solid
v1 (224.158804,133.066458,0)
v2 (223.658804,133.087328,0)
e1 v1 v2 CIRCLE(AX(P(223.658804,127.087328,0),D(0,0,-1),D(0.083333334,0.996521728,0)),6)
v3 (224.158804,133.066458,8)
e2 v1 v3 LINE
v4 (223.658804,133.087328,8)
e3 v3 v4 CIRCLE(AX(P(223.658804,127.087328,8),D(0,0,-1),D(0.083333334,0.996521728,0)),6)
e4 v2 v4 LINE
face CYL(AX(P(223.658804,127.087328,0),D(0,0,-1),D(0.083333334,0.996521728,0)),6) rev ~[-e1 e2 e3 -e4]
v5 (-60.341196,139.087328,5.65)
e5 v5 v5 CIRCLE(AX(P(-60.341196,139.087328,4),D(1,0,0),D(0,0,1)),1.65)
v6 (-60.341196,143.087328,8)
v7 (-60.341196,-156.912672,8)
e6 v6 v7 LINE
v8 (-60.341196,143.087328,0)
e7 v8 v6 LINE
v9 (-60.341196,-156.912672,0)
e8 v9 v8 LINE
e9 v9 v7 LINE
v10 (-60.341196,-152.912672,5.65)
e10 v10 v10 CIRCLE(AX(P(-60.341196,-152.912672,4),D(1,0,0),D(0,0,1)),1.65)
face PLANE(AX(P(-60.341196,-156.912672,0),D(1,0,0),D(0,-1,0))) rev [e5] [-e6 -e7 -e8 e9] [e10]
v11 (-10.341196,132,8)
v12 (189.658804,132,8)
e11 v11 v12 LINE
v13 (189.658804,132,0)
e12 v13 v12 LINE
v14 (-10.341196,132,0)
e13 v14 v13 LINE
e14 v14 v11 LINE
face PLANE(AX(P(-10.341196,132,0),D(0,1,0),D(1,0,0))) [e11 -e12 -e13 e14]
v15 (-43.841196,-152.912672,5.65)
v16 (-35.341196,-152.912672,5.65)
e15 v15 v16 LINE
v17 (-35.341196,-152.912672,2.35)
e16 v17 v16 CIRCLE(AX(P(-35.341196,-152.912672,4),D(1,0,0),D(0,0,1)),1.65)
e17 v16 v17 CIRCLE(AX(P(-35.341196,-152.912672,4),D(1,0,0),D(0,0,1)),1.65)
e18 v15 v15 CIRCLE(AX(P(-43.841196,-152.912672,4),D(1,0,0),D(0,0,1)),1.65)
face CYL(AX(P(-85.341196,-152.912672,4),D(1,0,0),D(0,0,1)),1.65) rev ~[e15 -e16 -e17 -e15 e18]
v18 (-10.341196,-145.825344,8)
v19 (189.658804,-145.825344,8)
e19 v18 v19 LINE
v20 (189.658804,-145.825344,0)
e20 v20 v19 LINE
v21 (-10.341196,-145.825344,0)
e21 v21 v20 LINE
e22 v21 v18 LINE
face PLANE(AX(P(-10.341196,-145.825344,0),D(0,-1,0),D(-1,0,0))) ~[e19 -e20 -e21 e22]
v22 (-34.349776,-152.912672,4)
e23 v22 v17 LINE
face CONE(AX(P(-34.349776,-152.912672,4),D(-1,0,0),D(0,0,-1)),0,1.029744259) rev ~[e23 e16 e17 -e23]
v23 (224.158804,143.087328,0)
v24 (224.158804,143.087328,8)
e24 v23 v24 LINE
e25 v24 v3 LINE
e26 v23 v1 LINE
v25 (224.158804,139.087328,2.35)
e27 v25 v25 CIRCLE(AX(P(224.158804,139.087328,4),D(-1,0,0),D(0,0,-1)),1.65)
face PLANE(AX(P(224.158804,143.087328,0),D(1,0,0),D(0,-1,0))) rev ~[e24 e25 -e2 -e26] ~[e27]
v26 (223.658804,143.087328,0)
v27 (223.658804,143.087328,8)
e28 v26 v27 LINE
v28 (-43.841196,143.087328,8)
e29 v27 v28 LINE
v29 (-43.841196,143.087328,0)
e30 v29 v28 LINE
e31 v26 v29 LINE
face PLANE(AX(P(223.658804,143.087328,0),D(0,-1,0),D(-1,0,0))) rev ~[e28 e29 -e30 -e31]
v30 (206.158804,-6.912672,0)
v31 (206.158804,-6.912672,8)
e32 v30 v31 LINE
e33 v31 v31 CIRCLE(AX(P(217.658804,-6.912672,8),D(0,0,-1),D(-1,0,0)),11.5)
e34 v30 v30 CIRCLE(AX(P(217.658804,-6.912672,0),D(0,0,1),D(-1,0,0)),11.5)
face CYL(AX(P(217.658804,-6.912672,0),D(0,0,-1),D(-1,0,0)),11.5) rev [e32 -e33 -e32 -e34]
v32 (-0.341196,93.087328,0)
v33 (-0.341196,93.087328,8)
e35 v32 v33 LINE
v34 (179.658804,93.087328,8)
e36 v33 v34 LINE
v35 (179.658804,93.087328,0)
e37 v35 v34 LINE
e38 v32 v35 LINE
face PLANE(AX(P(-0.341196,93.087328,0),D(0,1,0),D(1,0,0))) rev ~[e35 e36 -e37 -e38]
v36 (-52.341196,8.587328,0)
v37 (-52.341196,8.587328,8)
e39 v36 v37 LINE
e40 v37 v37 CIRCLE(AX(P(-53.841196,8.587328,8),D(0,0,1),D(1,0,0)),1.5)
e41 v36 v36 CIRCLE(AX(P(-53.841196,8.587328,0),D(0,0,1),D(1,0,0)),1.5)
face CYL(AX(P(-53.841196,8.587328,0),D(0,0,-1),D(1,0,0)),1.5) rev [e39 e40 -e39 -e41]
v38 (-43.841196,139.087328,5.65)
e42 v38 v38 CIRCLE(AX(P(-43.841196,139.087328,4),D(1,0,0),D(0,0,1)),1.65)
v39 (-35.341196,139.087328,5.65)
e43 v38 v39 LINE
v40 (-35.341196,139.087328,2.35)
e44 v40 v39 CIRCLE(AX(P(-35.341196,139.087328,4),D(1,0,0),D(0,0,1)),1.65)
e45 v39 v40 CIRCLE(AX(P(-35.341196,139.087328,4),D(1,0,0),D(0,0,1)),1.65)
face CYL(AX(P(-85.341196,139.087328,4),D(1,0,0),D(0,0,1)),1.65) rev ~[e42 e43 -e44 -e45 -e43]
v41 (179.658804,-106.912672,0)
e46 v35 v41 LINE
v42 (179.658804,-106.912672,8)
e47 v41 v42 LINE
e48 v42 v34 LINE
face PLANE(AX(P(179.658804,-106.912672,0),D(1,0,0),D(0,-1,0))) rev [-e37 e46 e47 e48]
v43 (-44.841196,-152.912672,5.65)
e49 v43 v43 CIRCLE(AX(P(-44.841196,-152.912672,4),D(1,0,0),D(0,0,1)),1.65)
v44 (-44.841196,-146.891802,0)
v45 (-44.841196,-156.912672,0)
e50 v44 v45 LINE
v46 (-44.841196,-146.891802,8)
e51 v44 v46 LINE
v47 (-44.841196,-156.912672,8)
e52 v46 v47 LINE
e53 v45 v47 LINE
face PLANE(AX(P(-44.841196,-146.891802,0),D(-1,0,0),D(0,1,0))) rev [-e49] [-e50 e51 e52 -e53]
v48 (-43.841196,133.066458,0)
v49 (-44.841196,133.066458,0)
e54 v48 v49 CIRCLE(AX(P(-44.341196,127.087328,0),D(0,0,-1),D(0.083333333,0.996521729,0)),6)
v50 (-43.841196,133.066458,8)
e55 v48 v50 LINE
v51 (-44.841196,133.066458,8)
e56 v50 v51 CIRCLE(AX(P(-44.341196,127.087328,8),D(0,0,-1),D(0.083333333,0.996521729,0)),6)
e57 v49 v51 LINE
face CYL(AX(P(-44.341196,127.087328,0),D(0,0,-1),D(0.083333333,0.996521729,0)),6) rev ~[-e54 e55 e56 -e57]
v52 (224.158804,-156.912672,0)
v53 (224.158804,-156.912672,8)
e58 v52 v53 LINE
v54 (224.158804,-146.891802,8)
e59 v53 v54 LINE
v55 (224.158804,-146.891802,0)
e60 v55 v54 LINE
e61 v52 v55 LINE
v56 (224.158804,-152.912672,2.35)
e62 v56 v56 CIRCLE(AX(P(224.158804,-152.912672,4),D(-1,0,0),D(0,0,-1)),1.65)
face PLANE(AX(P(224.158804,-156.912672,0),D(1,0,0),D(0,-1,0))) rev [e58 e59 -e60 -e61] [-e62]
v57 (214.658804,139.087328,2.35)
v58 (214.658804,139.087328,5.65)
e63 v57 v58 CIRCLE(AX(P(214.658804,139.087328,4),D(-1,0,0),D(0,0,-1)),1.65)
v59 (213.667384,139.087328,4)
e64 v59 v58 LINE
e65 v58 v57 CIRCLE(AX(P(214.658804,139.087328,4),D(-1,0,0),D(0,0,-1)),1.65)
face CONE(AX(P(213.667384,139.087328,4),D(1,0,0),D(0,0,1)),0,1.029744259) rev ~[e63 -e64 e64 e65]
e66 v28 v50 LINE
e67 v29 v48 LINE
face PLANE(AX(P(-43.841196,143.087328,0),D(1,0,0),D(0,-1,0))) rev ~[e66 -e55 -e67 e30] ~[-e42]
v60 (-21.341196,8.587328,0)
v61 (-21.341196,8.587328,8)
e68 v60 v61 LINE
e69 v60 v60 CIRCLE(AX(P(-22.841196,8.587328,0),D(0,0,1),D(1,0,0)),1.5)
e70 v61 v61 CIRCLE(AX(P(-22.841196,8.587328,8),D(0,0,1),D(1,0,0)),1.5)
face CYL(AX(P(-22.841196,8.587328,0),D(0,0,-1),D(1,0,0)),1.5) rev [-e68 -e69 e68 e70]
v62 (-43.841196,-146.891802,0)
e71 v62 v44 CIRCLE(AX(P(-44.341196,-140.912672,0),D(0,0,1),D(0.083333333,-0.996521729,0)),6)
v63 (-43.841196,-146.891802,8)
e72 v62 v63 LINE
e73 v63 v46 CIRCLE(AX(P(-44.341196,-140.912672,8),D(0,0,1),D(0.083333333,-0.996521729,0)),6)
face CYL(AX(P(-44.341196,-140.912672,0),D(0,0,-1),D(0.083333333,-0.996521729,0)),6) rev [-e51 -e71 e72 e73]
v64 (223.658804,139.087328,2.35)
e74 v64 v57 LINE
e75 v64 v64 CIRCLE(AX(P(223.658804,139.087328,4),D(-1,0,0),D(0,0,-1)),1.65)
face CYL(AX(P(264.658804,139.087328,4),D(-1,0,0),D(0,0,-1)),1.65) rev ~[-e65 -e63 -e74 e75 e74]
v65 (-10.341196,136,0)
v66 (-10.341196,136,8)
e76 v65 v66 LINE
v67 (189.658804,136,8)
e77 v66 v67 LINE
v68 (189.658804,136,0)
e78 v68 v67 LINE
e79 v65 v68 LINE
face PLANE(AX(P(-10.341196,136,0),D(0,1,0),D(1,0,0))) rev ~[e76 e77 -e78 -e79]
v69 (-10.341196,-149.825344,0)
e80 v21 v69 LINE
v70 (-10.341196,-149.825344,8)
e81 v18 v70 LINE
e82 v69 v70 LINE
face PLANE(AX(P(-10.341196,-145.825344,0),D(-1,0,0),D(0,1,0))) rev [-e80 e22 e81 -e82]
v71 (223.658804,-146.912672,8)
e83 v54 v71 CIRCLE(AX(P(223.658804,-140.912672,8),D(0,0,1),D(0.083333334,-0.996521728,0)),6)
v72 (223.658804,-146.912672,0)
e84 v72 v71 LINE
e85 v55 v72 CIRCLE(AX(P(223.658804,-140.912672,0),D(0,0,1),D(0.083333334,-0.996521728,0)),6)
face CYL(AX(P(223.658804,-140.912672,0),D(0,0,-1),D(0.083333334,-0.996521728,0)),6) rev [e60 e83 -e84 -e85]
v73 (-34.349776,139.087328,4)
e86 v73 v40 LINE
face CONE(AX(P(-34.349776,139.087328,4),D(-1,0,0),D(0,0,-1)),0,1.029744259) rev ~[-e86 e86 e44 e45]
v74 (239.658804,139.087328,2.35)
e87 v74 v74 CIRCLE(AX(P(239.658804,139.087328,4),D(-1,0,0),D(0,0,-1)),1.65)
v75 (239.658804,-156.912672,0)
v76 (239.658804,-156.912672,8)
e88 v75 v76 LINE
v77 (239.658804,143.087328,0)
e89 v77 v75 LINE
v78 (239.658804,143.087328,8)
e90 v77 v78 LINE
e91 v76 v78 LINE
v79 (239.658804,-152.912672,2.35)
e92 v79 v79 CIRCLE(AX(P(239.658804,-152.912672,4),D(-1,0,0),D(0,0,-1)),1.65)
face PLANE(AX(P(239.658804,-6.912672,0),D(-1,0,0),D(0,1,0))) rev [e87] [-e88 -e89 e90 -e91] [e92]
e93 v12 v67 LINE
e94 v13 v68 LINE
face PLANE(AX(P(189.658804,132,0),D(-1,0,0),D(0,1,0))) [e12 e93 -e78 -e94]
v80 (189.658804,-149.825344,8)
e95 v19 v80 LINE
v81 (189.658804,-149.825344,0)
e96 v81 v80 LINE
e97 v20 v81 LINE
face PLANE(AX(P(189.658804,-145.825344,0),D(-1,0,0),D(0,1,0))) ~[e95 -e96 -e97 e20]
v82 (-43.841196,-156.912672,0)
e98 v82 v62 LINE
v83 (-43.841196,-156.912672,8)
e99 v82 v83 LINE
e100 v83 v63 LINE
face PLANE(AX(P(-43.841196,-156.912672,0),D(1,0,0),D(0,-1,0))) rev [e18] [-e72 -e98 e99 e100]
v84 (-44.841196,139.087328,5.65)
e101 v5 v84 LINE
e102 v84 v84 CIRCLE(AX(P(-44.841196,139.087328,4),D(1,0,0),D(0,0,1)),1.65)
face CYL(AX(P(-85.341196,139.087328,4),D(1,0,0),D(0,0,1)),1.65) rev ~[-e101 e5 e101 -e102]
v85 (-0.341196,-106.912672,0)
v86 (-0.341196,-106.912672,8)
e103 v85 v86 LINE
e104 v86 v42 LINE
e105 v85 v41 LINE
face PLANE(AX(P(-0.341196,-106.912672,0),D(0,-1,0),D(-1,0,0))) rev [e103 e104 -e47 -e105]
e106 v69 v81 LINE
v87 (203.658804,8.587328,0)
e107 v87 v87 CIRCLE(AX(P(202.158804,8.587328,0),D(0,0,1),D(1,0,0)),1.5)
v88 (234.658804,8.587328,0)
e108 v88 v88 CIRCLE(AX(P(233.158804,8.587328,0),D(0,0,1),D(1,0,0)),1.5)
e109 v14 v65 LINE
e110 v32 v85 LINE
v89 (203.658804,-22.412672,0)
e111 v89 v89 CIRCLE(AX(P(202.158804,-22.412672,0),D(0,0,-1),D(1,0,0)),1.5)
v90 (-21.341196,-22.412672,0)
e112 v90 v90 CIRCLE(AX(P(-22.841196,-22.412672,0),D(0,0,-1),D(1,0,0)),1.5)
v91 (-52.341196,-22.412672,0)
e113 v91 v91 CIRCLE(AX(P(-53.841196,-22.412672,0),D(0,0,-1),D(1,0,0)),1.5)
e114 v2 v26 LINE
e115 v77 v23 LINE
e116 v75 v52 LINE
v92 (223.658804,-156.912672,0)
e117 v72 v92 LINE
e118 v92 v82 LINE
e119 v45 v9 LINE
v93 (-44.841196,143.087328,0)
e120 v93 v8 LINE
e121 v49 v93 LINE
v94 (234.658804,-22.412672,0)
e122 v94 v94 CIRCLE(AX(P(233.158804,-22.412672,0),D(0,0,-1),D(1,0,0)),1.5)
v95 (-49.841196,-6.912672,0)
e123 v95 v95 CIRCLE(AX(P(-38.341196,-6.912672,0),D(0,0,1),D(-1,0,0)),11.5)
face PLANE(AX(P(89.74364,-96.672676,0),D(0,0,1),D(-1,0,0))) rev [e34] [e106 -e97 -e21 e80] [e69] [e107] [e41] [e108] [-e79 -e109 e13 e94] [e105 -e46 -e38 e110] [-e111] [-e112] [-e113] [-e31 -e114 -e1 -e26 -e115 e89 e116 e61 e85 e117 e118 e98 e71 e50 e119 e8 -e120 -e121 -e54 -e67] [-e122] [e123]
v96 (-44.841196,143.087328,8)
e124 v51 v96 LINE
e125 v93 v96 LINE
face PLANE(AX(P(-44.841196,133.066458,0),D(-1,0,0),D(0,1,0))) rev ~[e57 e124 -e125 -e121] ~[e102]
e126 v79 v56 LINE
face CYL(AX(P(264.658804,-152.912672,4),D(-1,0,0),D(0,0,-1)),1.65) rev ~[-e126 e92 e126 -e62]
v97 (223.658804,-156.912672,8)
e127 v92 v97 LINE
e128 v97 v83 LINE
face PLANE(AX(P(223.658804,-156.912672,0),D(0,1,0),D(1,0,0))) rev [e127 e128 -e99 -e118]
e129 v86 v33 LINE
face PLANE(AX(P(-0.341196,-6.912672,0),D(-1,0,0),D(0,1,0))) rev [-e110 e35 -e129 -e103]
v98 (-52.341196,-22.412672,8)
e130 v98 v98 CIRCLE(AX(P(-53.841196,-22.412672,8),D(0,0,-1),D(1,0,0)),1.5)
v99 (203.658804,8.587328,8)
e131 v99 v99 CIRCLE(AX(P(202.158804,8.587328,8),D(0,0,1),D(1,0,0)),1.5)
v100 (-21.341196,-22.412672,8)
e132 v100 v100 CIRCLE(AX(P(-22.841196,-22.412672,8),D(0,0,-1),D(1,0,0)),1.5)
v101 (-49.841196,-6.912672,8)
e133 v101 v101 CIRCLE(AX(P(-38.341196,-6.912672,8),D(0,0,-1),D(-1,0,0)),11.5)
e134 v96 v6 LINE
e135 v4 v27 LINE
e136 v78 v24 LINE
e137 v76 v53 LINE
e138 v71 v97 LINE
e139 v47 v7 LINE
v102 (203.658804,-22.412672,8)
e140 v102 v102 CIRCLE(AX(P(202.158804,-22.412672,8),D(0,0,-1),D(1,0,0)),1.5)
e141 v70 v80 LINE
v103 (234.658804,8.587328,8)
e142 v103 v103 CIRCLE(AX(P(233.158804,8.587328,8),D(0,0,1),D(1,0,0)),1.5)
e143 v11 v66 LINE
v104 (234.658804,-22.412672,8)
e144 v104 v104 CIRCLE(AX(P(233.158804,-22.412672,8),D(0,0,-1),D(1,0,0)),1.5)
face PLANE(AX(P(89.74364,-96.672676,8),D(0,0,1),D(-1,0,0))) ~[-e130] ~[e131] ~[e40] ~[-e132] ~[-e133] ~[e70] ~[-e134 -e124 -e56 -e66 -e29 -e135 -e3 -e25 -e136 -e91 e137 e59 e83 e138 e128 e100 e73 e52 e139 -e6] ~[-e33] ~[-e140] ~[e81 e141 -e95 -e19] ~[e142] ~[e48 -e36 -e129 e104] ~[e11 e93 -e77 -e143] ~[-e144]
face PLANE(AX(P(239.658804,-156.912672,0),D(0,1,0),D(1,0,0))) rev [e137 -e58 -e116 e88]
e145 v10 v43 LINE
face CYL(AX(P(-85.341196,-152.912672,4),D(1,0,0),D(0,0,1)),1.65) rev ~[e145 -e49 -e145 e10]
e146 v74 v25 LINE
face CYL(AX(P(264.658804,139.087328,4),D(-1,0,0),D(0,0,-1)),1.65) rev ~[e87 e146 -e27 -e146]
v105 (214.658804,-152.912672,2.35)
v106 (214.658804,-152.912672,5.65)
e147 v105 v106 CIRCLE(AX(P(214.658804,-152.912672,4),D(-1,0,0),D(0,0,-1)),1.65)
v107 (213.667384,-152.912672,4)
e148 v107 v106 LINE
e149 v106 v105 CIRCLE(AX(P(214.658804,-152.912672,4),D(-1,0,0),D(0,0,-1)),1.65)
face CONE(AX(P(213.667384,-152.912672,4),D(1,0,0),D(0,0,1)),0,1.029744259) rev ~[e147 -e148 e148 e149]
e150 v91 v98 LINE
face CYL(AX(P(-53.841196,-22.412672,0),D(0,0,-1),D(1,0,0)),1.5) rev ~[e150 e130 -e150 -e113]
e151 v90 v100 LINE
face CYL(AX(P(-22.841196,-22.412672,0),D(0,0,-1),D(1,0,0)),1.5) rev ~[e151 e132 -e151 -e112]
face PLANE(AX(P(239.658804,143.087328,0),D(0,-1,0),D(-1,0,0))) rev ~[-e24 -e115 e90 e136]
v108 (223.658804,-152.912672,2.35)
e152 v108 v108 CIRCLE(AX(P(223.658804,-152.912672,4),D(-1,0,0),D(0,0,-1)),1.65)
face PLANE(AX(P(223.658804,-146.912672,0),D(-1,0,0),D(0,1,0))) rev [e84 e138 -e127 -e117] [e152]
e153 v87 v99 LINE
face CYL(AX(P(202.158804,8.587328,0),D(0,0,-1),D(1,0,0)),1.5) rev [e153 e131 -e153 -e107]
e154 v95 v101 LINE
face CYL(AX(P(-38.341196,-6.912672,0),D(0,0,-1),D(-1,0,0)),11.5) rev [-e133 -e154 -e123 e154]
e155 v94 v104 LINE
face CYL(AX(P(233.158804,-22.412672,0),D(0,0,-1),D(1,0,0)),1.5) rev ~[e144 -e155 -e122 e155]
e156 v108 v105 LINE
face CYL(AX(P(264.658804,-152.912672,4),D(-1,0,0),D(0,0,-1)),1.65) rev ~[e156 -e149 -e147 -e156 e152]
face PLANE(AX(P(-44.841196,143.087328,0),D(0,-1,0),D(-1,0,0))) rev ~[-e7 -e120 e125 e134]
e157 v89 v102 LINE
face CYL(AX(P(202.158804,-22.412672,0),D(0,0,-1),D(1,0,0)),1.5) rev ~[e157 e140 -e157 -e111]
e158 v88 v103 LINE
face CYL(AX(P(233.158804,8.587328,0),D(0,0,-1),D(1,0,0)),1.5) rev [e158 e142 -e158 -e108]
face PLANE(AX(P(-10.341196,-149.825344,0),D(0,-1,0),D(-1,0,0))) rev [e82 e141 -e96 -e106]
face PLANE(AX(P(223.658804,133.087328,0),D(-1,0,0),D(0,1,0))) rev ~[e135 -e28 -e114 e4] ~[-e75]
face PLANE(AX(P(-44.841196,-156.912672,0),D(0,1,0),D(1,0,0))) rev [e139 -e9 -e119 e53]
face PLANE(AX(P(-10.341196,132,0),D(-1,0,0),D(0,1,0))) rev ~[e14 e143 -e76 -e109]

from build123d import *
from build123d.topology import SkipClean

# Parameters (mm, degrees)
SKETCH1_R                       = 1.5
SKETCH1_W                       = 200
SKETCH1_H                       = 4
BOSS_EXTRUDE1_DEPTH             = 8
M4_TAPPED_HOLE1_D               = 3.3
M4_TAPPED_HOLE1_DEPTH           = 25
M4_TAPPED_HOLE1_TIP             = 0.991420021
M4_TAPPED_HOLE1_ON_FACE_2_D     = 3.3
M4_TAPPED_HOLE1_ON_FACE_2_DEPTH = 25
M4_TAPPED_HOLE1_ON_FACE_2_TIP   = 0.991420021


with BuildPart() as part:
    # Sketch1 → Boss-Extrude1 (new body)
    with BuildSketch(Plane.XY):
        with BuildLine():
            Line((179.658803725, 93.087327907), (179.658803725, -6.912672093))
            Line((179.658803725, -6.912672093), (206.158803725, -6.912672093))
            ThreePointArc((206.158803725, -6.912672093), (217.658803725, 4.587327907), (229.158803725, -6.912672093))
            Line((229.158803725, -6.912672093), (239.658803725, -6.912672093))
            Line((239.658803725, -6.912672093), (239.658803725, 143.087327907))
            Line((239.658803725, 143.087327907), (224.158803725, 143.087327907))
            Line((224.158803725, 143.087327907), (224.158803725, 133.066458278))
            ThreePointArc((224.158803725, 133.066458278), (223.408586049, 121.092547584), (223.658803725, 133.087327907))
            Line((223.658803725, 133.087327907), (223.658803725, 143.087327907))
            Line((223.658803725, 143.087327907), (-43.841196275, 143.087327907))
            Line((-43.841196275, 143.087327907), (-43.841196275, 133.066458278))
            ThreePointArc((-43.841196275, 133.066458278), (-44.341196275, 121.087327907), (-44.841196275, 133.066458278))
            Line((-44.841196275, 133.066458278), (-44.841196275, 143.087327907))
            Line((-44.841196275, 143.087327907), (-60.341196275, 143.087327907))
            Line((-60.341196275, 143.087327907), (-60.341196275, -6.912672093))
            Line((-60.341196275, -6.912672093), (-49.841196275, -6.912672093))
            ThreePointArc((-49.841196275, -6.912672093), (-38.341196275, 4.587327907), (-26.841196275, -6.912672093))
            Line((-26.841196275, -6.912672093), (-0.341196275, -6.912672093))
            Line((-0.341196275, -6.912672093), (-0.341196275, 93.087327907))
            Line((-0.341196275, 93.087327907), (179.658803725, 93.087327907))
        make_face()
        with Locations((-53.841196275, 8.587327907)):
            Circle(SKETCH1_R, mode=Mode.SUBTRACT)
        with Locations((-22.841196275, 8.587327907)):
            Circle(SKETCH1_R, mode=Mode.SUBTRACT)
        with Locations((233.158803725, 8.587327907)):
            Circle(SKETCH1_R, mode=Mode.SUBTRACT)
        with Locations((202.158803725, 8.587327907)):
            Circle(SKETCH1_R, mode=Mode.SUBTRACT)
        with Locations((89.658803725, 134)):
            Rectangle(SKETCH1_W, SKETCH1_H, mode=Mode.SUBTRACT)
    boss_extrude1 = extrude(amount=BOSS_EXTRUDE1_DEPTH)

    # Mirror1: Boss-Extrude1 across plane
    with SkipClean():  # the faces are left unmerged after this step: merging them gives an invalid solid
        add(boss_extrude1.mirror(Plane(origin=(0, -6.912672093, 8), x_dir=(0, 0, 1), z_dir=(0, 1, 0))))

    # M4 Tapped Hole1
    with Locations(Plane(origin=(-60.341196275, -152.912672093, 4), x_dir=(0, 0, -1), z_dir=(-1, 0, 0))):
        with Locations((0, 0), (0, -292)):
            Hole(M4_TAPPED_HOLE1_D / 2, depth=M4_TAPPED_HOLE1_DEPTH)
            with Locations((0, 0, -(M4_TAPPED_HOLE1_DEPTH + M4_TAPPED_HOLE1_TIP / 2))):  # 118° drill point
                Cone(0, M4_TAPPED_HOLE1_D / 2, M4_TAPPED_HOLE1_TIP, mode=Mode.SUBTRACT)

    # M4 Tapped Hole1 on face 2
    with Locations(Plane(origin=(239.658803725, -152.912672093, 4), x_dir=(0, 0, 1), z_dir=(1, 0, 0))):
        with Locations((0, 0), (0, -292)):
            Hole(M4_TAPPED_HOLE1_ON_FACE_2_D / 2, depth=M4_TAPPED_HOLE1_ON_FACE_2_DEPTH)
            with Locations((0, 0, -(M4_TAPPED_HOLE1_ON_FACE_2_DEPTH + M4_TAPPED_HOLE1_ON_FACE_2_TIP / 2))):  # 118° drill point
                Cone(0, M4_TAPPED_HOLE1_ON_FACE_2_D / 2, M4_TAPPED_HOLE1_ON_FACE_2_TIP, mode=Mode.SUBTRACT)


solid = part.part
